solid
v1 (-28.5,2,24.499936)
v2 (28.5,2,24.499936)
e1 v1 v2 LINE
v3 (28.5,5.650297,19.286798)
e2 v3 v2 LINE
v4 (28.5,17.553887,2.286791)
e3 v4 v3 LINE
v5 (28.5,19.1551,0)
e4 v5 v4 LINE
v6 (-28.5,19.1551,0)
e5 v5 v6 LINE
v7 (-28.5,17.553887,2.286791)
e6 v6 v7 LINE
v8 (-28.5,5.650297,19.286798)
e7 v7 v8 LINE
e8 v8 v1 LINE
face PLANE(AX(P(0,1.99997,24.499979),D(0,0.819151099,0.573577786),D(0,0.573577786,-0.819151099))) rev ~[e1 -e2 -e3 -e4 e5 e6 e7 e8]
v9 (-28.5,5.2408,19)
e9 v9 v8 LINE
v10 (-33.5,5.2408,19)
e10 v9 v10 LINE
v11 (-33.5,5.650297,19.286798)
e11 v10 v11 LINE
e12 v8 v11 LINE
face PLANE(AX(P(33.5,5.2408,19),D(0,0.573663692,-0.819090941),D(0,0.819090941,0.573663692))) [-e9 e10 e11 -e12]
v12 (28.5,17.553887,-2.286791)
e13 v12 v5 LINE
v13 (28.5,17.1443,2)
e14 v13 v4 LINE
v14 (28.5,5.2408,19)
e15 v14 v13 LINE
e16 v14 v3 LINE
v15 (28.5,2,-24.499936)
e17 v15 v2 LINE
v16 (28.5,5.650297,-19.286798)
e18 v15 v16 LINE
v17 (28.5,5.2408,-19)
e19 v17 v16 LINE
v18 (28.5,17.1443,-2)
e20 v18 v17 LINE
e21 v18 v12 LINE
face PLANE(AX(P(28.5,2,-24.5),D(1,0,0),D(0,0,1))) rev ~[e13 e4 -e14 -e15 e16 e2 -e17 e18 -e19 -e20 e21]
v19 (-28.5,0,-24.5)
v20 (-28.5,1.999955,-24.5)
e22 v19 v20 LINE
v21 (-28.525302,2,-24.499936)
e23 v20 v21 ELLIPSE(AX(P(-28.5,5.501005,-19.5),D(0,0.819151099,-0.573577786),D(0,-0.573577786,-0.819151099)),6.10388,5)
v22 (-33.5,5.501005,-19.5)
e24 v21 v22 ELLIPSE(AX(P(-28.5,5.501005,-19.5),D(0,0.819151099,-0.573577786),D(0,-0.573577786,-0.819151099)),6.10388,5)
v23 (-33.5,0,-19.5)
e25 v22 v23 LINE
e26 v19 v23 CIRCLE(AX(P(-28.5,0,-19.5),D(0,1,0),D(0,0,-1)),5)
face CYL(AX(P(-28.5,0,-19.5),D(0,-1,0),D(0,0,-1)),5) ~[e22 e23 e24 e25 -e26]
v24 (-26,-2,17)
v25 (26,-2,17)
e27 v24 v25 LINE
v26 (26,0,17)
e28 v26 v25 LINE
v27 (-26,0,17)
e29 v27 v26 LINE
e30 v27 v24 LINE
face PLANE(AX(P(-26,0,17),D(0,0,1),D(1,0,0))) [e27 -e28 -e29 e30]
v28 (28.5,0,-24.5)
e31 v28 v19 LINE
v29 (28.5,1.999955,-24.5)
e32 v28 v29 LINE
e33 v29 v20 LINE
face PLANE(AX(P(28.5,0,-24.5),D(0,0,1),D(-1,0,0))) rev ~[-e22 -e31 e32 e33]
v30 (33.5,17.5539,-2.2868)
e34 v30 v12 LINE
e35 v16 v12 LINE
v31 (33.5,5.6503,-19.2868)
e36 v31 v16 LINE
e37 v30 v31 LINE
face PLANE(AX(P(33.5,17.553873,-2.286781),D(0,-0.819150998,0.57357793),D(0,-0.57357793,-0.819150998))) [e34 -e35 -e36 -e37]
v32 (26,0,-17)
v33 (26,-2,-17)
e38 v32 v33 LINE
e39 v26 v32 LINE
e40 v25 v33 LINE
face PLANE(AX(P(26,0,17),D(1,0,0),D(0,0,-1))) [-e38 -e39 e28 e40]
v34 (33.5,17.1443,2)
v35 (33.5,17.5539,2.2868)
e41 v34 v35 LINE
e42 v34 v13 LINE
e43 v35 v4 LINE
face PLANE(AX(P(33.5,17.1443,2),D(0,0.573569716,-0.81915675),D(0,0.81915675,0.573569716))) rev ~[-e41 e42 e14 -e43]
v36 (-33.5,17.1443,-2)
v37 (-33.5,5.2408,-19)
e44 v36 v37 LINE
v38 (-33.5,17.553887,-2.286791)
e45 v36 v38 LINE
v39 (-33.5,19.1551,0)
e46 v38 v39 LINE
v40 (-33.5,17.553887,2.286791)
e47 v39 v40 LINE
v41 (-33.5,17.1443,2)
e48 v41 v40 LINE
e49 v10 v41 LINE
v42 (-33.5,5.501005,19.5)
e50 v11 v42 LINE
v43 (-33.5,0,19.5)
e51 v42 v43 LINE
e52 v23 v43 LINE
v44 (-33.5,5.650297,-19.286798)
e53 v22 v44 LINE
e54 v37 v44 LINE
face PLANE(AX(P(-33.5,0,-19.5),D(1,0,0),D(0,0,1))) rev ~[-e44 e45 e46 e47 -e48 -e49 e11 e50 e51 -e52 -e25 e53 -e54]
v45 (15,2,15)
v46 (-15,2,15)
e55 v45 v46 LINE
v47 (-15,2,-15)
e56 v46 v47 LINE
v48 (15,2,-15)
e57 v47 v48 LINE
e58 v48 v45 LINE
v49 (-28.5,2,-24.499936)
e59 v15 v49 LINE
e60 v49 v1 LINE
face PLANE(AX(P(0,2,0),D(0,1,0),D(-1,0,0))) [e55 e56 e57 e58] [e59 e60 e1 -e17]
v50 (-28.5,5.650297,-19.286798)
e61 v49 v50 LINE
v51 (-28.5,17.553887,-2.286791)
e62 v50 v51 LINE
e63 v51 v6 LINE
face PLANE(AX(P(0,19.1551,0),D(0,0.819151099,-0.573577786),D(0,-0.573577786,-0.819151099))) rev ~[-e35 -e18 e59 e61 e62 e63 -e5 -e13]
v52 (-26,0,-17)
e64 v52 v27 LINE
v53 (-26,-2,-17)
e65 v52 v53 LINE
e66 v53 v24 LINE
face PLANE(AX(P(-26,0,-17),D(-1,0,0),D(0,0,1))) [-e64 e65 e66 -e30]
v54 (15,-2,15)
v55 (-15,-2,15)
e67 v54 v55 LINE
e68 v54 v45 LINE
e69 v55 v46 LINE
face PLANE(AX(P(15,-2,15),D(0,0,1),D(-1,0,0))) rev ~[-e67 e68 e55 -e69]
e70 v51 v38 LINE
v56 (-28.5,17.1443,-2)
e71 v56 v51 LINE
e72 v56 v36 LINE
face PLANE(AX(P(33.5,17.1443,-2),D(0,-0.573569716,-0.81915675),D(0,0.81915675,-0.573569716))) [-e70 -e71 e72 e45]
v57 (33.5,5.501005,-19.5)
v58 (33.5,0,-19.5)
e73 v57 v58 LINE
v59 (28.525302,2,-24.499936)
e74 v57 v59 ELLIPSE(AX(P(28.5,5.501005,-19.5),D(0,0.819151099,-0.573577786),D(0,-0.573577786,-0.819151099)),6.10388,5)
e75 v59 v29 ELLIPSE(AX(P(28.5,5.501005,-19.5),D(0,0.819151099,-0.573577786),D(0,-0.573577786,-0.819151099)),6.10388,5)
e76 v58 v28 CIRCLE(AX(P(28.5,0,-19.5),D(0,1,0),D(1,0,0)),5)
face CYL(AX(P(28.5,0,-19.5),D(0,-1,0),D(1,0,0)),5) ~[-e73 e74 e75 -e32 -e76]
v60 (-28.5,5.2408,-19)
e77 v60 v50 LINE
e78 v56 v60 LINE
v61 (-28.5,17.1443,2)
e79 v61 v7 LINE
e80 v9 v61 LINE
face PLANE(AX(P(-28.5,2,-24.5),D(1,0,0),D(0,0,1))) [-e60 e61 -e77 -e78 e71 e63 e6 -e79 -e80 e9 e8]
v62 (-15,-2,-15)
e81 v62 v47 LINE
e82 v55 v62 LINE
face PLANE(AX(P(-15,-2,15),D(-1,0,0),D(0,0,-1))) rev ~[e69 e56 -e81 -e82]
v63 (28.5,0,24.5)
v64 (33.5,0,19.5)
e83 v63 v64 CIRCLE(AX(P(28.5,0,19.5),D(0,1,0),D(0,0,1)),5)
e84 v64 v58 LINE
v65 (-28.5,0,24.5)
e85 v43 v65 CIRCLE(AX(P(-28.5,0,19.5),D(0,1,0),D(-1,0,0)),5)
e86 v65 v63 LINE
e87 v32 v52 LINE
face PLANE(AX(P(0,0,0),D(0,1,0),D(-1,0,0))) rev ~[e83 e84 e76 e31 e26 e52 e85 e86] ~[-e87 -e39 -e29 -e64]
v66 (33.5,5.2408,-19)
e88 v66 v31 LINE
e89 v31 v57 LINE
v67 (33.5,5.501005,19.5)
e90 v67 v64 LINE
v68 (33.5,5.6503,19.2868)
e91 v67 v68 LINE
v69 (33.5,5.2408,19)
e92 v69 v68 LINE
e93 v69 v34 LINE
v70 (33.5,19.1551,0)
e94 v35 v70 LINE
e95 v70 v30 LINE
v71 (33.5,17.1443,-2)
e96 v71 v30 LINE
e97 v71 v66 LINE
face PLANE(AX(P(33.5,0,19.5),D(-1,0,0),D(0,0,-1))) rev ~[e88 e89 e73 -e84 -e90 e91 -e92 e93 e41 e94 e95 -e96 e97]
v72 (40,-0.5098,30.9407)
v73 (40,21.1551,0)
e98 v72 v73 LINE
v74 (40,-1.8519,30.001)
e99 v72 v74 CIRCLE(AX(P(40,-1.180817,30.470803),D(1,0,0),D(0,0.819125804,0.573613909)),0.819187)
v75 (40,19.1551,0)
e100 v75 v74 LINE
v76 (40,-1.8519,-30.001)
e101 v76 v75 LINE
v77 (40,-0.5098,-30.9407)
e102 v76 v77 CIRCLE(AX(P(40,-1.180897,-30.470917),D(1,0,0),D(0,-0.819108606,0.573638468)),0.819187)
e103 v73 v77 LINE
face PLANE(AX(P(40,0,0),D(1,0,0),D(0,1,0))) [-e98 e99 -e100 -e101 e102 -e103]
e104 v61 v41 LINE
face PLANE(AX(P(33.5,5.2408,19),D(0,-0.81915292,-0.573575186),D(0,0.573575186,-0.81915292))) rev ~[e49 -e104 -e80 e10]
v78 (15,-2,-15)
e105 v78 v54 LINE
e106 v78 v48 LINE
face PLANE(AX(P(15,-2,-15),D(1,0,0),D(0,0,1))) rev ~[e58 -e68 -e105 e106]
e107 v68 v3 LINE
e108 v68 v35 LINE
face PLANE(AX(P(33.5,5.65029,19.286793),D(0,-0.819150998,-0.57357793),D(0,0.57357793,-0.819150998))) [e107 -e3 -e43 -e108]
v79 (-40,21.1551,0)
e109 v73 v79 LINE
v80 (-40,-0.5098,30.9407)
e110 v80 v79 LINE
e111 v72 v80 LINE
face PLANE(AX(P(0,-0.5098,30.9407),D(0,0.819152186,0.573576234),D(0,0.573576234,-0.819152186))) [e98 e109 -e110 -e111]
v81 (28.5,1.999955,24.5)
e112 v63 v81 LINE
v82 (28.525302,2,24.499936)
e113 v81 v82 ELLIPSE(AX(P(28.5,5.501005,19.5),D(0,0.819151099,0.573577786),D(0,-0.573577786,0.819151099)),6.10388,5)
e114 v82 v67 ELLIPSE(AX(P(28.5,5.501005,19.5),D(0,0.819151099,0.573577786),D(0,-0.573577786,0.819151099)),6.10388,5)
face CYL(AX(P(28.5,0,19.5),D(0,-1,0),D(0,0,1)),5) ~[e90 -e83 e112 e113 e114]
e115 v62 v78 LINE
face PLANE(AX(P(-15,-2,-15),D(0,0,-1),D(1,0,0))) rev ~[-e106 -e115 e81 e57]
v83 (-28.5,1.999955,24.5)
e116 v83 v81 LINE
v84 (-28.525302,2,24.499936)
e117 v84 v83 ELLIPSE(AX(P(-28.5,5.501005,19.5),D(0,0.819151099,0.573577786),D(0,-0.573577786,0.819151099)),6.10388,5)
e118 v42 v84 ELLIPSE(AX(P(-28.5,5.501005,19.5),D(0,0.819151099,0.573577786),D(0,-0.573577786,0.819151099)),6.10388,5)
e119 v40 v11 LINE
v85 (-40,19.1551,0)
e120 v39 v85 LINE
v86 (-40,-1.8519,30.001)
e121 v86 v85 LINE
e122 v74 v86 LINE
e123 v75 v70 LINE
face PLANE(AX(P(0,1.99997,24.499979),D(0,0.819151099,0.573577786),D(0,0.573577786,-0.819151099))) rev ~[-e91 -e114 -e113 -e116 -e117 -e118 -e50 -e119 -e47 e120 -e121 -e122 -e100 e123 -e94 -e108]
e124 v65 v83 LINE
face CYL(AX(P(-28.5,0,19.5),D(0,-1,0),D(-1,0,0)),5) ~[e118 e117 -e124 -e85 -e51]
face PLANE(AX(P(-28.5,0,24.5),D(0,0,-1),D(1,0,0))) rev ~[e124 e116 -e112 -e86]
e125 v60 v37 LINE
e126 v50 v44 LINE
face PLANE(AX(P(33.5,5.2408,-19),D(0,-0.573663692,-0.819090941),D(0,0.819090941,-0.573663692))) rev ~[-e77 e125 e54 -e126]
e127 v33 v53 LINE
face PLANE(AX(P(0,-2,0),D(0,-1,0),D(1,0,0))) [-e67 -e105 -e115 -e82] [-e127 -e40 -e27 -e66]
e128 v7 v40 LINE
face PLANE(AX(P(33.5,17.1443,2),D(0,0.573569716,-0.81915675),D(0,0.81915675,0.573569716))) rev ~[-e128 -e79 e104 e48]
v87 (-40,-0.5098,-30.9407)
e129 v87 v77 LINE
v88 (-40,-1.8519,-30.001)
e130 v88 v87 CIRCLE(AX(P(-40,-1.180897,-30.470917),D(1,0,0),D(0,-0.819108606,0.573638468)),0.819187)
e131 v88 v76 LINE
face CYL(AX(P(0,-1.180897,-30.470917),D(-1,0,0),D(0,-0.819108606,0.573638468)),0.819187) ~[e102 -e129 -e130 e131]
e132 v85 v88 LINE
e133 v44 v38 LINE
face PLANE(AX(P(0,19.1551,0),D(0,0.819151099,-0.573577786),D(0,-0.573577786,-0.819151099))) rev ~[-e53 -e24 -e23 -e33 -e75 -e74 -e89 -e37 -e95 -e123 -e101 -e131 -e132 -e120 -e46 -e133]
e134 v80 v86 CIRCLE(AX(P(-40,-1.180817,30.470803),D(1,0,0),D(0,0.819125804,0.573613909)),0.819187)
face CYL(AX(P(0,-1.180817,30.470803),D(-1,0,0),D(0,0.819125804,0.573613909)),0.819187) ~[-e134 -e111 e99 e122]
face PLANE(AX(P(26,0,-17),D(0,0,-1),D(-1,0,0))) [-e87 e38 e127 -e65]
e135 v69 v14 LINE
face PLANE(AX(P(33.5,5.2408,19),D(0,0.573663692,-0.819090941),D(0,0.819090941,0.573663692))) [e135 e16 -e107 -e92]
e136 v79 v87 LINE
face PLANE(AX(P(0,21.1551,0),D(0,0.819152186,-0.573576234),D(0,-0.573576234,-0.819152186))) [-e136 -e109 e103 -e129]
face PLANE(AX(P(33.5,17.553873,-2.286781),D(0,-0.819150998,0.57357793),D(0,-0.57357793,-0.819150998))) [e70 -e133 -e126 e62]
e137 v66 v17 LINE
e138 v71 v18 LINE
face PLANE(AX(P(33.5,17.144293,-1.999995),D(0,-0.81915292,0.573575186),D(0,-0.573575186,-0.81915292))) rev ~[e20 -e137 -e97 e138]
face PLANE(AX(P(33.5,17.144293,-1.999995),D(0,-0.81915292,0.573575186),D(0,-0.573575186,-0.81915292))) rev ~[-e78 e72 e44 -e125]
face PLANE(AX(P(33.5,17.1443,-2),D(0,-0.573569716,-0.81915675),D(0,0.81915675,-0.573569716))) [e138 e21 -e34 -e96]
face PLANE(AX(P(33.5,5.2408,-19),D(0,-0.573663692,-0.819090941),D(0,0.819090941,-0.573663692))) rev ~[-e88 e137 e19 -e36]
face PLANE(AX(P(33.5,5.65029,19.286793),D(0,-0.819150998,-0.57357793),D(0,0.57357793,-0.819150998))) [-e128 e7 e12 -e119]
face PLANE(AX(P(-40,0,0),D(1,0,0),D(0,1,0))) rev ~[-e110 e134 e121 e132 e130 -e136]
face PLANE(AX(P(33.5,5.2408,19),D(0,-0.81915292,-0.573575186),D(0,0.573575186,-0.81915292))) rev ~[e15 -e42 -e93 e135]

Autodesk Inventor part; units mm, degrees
ref_plane "YZ Plane" through (0, 0, 0) normal (1, 0, 0) x (0, 1, 0)
ref_plane "XZ Plane" through (0, 0, 0) normal (0, 1, 0) x (-1, 0, 0)
ref_plane "XY Plane" through (0, 0, 0) normal (0, 0, 1) x (1, 0, 0)
sketch "Skizze1" plane through (0, 0, 0) normal (0, 1, 0) x (-1, 0, 0)
  line L0 (28.5, 24.5) -> (-28.5, 24.5)
  line L1 (-33.5, 19.5) -> (-33.5, -19.5)
  line L2 (-28.5, -24.5) -> (28.5, -24.5)
  line L3 (33.5, -19.5) -> (33.5, 19.5)
  arc A0 (28.5, -24.5) -> (33.5, -19.5) centre (28.5, -19.5) ccw
  arc A1 (-33.5, -19.5) -> (-28.5, -24.5) centre (-28.5, -19.5) ccw
  arc A2 (-28.5, 24.5) -> (-33.5, 19.5) centre (-28.5, 19.5) ccw
  arc A3 (33.5, 19.5) -> (28.5, 24.5) centre (28.5, 19.5) ccw
  point P0 (0, 0)
  point P1 (-33.5, -24.5)
  point P2 (-33.5, 24.5)
  point P3 (33.5, -24.5)
  point P4 (-33.5, 0)
  point P5 (0, -24.5)
  dimension "d0" = 67
  dimension "d1" = 49
  dimension "d2" = 5
extrude "Extrusion1" add sketch "Skizze1" along normal blind 2
sketch "Skizze2" plane through (0, 0, 0) normal (1, 0, 0) x (0, 1, 0)
  line L0 (0, -19.5) -> (0, 19.5) projected
  line L1 (0, 19.5) -> (2, 19.5) projected
  line L2 (2, -19.5) -> (2, 19.5) projected
  line L3 (0, -19.5) -> (2, -19.5) projected
  line L4 (0, -24.5) -> (0, -19.5) projected
  line L5 (0, -19.5) -> (2, -19.5) projected
  line L6 (2, -24.5) -> (2, -19.5) projected
  line L7 (0, -24.5) -> (2, -24.5) projected
  line L8 (0, 19.5) -> (0, 24.5) projected
  line L9 (0, 24.5) -> (2, 24.5) projected
  line L10 (2, 19.5) -> (2, 24.5) projected
  line L11 (0, 19.5) -> (2, 19.5) projected
  line L12 (-1.8519, 30.001) -> (19.1551, 0)
  line L13 (19.1551, 0) -> (-1.8519, -30.001)
  line L14 (-0.5098, 30.9407) -> (21.1551, 0)
  line L15 (21.1551, 0) -> (-0.5098, -30.9407)
  arc A0 (-0.5098, 30.9407) -> (-1.8519, 30.001) centre (-1.1808, 30.4709) ccw
  arc A1 (-1.8519, -30.001) -> (-0.5098, -30.9407) centre (-1.1808, -30.4709) ccw
  line L16 (-2, 38.9986) -> (-2, -40.7887) construction
  point P0 (0, 0)
  point P1 (2, 0)
  dimension "d5" = 35
  dimension "d7" = 2
  dimension "d8" = 2
extrude "Extrusion2" add sketch "Skizze2" along normal mid plane 80 contours L13 L12 A0 L14 L15 A1
sketch "Skizze3" plane through (0, 2, 0) normal (0, 1, 0) x (1, 0, 0)
  arc A0 (28.5, -24.5) -> (33.5, -19.5) centre (28.5, -19.5) ccw projected
  line L0 (-28.5, -24.5) -> (28.5, -24.5) projected
  arc A1 (-33.5, -19.5) -> (-28.5, -24.5) centre (-28.5, -19.5) ccw projected
  line L1 (-33.5, 19.5) -> (-33.5, -19.5) projected
  arc A2 (-28.5, 24.5) -> (-33.5, 19.5) centre (-28.5, 19.5) ccw projected
  line L2 (28.5, 24.5) -> (-28.5, 24.5) projected
  arc A3 (33.5, 19.5) -> (28.5, 24.5) centre (28.5, 19.5) ccw projected
  line L3 (33.5, -19.5) -> (33.5, 19.5) projected
  arc A4 (-28.5, 24.5) -> (-33.5, 19.5) centre (-28.5, 19.5) ccw projected
  arc A5 (-33.5, -19.5) -> (-28.5, -24.5) centre (-28.5, -19.5) ccw projected
  line L4 (-28.5, 24.5) -> (-28.5, -24.5)
  line L5 (28.5, 24.5) -> (-28.5, 24.5) projected
  line L6 (-28.5, -24.5) -> (28.5, -24.5) projected
  line L7 (28.5, 24.5) -> (28.5, -24.5)
  point P0 (0, 0)
extrude "Extrusion3" add sketch "Skizze3" along normal up to next contours L7 A3 L3 A0 | A1 L1 A2 L4
sketch "Skizze4" plane through (0, 0, 0) normal (0, -1, 0) x (1, 0, 0)
  arc A0 (33.5, 19.5) -> (28.5, 24.5) centre (28.5, 19.5) ccw projected
  line L0 (-28.5, 24.5) -> (28.5, 24.5) projected
  arc A1 (-28.5, 24.5) -> (-33.5, 19.5) centre (-28.5, 19.5) ccw projected
  line L1 (-33.5, -19.5) -> (-33.5, 19.5) projected
  arc A2 (-33.5, -19.5) -> (-28.5, -24.5) centre (-28.5, -19.5) ccw projected
  line L2 (28.5, -24.5) -> (-28.5, -24.5) projected
  arc A3 (28.5, -24.5) -> (33.5, -19.5) centre (28.5, -19.5) ccw projected
  line L3 (33.5, 19.5) -> (33.5, -19.5) projected
  line L4 (-26, 17) -> (26, 17)
  line L5 (26, 17) -> (26, -17)
  line L6 (26, -17) -> (-26, -17)
  line L7 (-26, -17) -> (-26, 17)
  line L8 (-28.5, 24.5) -> (28.5, 24.5) projected
  point P0 (0, 0)
  point P1 (26, 0)
  point P2 (33.5, 0)
  point P3 (0, 17)
  point P4 (0, 24.5)
  dimension "d13" = 34
  dimension "d14" = 52
extrude "Extrusion4" add sketch "Skizze4" along normal blind 2 contours L4 L5 L6 L7
sketch "Skizze5" plane through (0, -2, 0) normal (0, -1, 0) x (1, 0, 0)
  line L0 (-15, -15) -> (15, -15)
  line L1 (15, -15) -> (15, 15)
  line L2 (15, 15) -> (-15, 15)
  line L3 (-15, 15) -> (-15, -15)
  point P0 (0, 0)
  point P1 (15, 0)
  point P2 (0, 15)
  dimension "d17" = 30
extrude "Extrusion5" cut sketch "Skizze5" against normal up to surface (4 mm away)
sketch "Skizze6" plane through (33.5, 0, 19.5) normal (1, 0, 0) x (0, 0, -1)
  line L0 (0, 0) -> (39, 0) projected
  line L1 (39, 0) -> (39, 5.501) projected
  line L2 (19.5, 19.1551) -> (39, 5.501) projected
  line L3 (0, 5.501) -> (19.5, 19.1551) projected
  line L4 (0, 0) -> (0, 5.501) projected
  line L5 (19.5, 18.5447) -> (38.5, 5.2408)
  line L6 (38.5, 5.2408) -> (38.5, 0.5)
  line L7 (38.5, 0.5) -> (0.5, 0.5)
  line L8 (0.5, 0.5) -> (0.5, 5.2408)
  line L9 (0.5, 5.2408) -> (19.5, 18.5447)
  line L10 (0.5, 5.2408) -> (0.2132, 5.6503)
  line L11 (0, 5.501) -> (19.5, 19.1551) projected
  line L12 (38.5, 5.2408) -> (38.7868, 5.6503)
  line L13 (19.5, 19.1551) -> (39, 5.501) projected
  line L14 (17.5, 17.1443) -> (17.2132, 17.5539)
  line L15 (21.5, 17.1443) -> (21.7868, 17.5539)
  point P0 (19.5, 0)
  dimension "d20" = 0.5
  dimension "d23" = 2
  dimension "d24" = 2
extrude "Extrusion6" cut sketch "Skizze6" against normal through all contours L3 L14 L9 L10 | L12 L5 L15 L2
equation "\"d24\" = d23"
properties part number "small_top"
